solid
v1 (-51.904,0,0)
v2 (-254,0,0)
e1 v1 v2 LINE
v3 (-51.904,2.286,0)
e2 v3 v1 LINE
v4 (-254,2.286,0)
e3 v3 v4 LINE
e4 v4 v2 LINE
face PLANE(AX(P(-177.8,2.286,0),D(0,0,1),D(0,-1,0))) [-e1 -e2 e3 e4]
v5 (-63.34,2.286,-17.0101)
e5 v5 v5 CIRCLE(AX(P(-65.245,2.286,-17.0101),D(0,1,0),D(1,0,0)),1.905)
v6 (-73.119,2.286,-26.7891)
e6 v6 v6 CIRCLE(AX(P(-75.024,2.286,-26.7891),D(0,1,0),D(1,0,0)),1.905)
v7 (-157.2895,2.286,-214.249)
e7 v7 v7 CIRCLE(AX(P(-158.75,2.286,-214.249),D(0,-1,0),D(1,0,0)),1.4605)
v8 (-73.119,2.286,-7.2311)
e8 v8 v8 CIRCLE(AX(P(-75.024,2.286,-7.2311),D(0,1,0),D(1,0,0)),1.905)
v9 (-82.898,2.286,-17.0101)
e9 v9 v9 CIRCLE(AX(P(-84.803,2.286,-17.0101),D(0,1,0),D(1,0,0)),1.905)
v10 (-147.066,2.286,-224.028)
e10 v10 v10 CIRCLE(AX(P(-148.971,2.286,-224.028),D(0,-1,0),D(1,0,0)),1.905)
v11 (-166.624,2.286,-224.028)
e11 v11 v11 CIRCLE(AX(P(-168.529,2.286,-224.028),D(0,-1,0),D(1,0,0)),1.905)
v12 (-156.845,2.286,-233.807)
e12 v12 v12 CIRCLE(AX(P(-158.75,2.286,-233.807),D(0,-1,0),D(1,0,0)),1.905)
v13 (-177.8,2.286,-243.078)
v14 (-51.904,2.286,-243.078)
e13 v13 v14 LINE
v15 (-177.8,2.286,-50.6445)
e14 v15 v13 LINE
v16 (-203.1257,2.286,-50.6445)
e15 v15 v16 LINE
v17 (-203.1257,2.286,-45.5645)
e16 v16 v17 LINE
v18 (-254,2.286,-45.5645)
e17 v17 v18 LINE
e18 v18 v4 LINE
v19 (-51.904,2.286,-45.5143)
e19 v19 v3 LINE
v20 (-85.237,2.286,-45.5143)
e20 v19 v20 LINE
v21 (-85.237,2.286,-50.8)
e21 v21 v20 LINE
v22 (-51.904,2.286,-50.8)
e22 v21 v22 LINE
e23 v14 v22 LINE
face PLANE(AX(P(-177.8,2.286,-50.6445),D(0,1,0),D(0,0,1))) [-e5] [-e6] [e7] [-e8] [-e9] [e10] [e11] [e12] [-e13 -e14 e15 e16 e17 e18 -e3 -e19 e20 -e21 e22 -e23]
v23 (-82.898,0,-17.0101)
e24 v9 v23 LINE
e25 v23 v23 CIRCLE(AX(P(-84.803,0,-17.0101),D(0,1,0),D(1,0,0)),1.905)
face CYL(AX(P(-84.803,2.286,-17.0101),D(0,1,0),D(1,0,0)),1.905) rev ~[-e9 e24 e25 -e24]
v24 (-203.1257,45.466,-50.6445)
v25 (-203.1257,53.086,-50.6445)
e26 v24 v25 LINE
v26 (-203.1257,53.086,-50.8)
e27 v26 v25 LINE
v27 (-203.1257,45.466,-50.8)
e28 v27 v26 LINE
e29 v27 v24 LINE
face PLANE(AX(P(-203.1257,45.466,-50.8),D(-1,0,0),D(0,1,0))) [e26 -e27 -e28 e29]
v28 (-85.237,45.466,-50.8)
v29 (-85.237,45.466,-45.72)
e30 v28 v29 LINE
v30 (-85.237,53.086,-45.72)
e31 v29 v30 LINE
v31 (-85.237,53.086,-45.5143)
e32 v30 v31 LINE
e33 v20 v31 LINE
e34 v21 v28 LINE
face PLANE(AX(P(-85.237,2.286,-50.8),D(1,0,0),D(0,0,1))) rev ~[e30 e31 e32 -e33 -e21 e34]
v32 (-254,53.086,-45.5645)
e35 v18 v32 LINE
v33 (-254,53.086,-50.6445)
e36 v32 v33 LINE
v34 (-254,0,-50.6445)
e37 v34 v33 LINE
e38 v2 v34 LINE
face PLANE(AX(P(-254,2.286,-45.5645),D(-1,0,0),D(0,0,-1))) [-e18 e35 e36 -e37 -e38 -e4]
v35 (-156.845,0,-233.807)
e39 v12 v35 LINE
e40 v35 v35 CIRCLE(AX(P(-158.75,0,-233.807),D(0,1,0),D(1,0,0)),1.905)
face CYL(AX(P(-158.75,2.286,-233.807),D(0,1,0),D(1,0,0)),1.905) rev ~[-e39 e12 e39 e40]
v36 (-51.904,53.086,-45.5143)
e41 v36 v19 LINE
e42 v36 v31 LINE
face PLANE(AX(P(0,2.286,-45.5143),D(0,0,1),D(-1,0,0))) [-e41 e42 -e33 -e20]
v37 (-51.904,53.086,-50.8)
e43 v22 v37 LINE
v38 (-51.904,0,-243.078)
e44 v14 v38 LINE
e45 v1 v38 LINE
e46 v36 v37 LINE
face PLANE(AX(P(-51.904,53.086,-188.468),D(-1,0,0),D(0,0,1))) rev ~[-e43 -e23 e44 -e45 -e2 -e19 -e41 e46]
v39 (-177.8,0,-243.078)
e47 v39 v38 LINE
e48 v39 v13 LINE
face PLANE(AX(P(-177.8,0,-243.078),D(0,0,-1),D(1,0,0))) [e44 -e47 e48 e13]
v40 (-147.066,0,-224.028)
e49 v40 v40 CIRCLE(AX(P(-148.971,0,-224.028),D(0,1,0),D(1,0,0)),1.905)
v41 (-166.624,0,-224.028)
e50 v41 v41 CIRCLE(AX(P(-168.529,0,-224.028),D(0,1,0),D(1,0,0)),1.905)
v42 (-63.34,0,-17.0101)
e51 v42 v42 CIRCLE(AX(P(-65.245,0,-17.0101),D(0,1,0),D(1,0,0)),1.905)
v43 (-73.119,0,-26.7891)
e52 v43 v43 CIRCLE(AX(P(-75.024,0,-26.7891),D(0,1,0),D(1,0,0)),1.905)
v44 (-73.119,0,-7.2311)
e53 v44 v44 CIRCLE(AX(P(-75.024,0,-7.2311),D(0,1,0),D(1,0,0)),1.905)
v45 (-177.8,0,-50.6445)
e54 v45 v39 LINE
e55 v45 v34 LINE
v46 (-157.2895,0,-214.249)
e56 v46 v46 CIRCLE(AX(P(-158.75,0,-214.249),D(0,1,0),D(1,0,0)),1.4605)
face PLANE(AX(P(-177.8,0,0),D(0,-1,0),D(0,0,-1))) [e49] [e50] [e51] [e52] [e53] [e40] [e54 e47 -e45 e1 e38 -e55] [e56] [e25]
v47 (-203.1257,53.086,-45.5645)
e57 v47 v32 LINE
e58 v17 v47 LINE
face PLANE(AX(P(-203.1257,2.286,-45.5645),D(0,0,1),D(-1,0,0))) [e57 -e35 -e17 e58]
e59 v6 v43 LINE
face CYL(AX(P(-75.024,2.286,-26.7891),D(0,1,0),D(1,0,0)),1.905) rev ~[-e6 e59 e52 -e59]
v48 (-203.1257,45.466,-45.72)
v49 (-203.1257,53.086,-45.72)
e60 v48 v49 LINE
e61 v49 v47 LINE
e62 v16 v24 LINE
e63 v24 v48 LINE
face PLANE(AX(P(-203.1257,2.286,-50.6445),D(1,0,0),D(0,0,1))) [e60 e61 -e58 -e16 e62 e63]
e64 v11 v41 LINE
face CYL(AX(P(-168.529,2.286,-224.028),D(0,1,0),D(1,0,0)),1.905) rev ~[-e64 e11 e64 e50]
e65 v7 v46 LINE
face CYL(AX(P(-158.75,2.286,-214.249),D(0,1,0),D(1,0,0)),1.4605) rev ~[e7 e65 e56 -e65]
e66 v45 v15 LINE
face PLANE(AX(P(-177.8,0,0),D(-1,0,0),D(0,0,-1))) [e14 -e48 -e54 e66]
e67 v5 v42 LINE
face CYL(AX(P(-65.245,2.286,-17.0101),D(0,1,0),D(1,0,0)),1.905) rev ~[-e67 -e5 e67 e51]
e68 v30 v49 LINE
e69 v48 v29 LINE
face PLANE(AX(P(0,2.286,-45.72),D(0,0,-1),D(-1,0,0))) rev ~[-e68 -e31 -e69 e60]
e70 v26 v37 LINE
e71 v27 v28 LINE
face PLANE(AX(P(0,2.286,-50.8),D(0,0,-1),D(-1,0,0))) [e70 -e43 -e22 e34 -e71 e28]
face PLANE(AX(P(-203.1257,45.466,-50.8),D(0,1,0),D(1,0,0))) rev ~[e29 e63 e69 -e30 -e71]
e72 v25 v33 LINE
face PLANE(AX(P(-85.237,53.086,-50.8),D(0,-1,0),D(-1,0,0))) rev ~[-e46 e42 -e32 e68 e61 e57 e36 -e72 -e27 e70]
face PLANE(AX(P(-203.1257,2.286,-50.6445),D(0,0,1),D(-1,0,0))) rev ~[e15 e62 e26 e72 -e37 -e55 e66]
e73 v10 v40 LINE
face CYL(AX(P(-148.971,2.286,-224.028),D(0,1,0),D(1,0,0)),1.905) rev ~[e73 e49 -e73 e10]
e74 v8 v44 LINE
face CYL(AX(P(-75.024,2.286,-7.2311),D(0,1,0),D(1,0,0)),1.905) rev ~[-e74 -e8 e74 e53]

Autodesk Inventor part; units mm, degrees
ref_plane "YZ Plane" through (0, 0, 0) normal (1, 0, 0) x (0, 1, 0)
ref_plane "XZ Plane" through (0, 0, 0) normal (0, 1, 0) x (-1, 0, 0)
ref_plane "XY Plane" through (0, 0, 0) normal (0, 0, 1) x (1, 0, 0)
sketch "Sketch1" plane through (0, 0, 0) normal (0, 1, 0) x (-1, 0, 0)
  line L0 (0, 0) -> (177.8, 0)
  line L1 (177.8, 0) -> (177.8, -243.078)
  line L2 (177.8, -243.078) -> (0, -243.078)
  line L3 (0, -243.078) -> (0, 0)
  dimension "d0" = 243.078
  dimension "d1" = 177.8
extrude "Extrusion1" add sketch "Sketch1" along normal blind 2.286
sketch "Sketch2" plane through (0, 2.286, 0) normal (0, 1, 0) x (1, 0, 0)
  circle A0 centre (-75.024, 26.7891) radius 1.905
  circle A1 centre (-65.245, 17.0101) radius 1.905
  circle A2 centre (-75.024, 7.2311) radius 1.905
  circle A3 centre (-84.803, 17.0101) radius 1.905
  dimension "d7" = 3.81
  dimension "d8" = 3.81
  dimension "d9" = 3.81
  dimension "d10" = 3.81
extrude "Extrusion2" cut sketch "Sketch2" against normal blind 5.461
sketch "Sketch4" plane through (0, 2.286, 0) normal (0, 1, 0) x (1, 0, 0)
  line L0 (0, 0) -> (-177.8, 0)
  line L1 (-177.8, 0) -> (-177.8, 50.8)
  line L2 (-177.8, 50.8) -> (0, 50.8)
  line L3 (0, 50.8) -> (0, 45.5143)
  line L4 (0, 0) -> (0, 243.078) projected
  line L5 (0, 45.5143) -> (-177.8, 45.5143)
  line L6 (-85.237, 50.8) -> (-85.237, 45.5143)
  point P0 (0, 188.468)
  dimension "d16" = 50.8
extrude "Extrusion4" add sketch "Sketch4" along normal blind 50.8 contours L5 L6 L2 L3
sketch "Sketch6" plane through (-177.8, 0, -243.078) normal (-1, 0, 0) x (0, 0, 1)
  line L0 (243.078, 0) -> (0, 0) projected
  line L1 (0, 2.286) -> (243.078, 2.286) projected
  line L2 (243.078, 0) -> (192.4335, 0)
  line L3 (192.4335, 0) -> (192.4335, 2.286)
  line L4 (192.4335, 2.286) -> (243.078, 2.286)
  line L5 (243.078, 2.286) -> (243.078, 0)
  point P0 (3.81, 2.286)
  point P1 (243.078, 2.286)
  point P2 (192.4335, 0)
  dimension "d28" = 243.078
extrude "Extrusion6" add sketch "Sketch6" along normal blind 76.2
sketch "Sketch7" plane through (0, 2.286, 0) normal (0, 1, 0) x (1, 0, 0)
  line L0 (-177.8, 50.6445) -> (-254, 50.6445) projected
  line L1 (-254, 50.6445) -> (-203.1257, 50.6445)
  line L2 (-203.1257, 50.6445) -> (-203.1257, 45.5645)
  line L3 (-203.1257, 45.5645) -> (-254, 45.5645)
  line L4 (-254, 45.5645) -> (-254, 50.6445)
  point P0 (0, 0)
  dimension "d31" = 5.08
extrude "Extrusion7" add sketch "Sketch7" along normal blind 50.8
sketch "Sketch8" plane through (0, 2.286, -50.8) normal (0, 0, -1) x (-1, 0, 0)
  line L0 (0, 50.8) -> (85.237, 50.8) projected
  line L1 (203.1257, 0) -> (203.1257, 50.8) projected
  line L2 (85.237, 50.8) -> (203.1257, 50.8)
  line L3 (203.1257, 50.8) -> (203.1257, 43.18)
  line L4 (203.1257, 43.18) -> (85.237, 43.18)
  line L5 (85.237, 43.18) -> (85.237, 50.8)
  point P0 (0, -2.286)
  dimension "d34" = 50.8
  dimension "d35" = 7.62
extrude "Extrusion8" add sketch "Sketch8" against normal blind 5.08
sketch "Sketch10" plane through (0, 53.086, 0) normal (0, 1, 0) x (1, 0, 0)
  line L0 (0, 0) -> (-254, 0) projected
  line L1 (0, 188.468) -> (-177.8, 188.468) projected
  line L2 (-51.904, 0) -> (0, 0)
  line L3 (0, 0) -> (0, 188.468)
  line L4 (0, 188.468) -> (-51.904, 188.468)
  line L5 (-51.904, 188.468) -> (-51.904, 0)
  line L6 (0, 243.078) -> (-177.8, 243.078) projected
  line L7 (-51.904, 188.468) -> (0, 188.468)
  line L8 (0, 188.468) -> (0, 243.078)
  line L9 (0, 243.078) -> (-51.904, 243.078)
  line L10 (-51.904, 243.078) -> (-51.904, 188.468)
extrude "Extrusion9" cut sketch "Sketch10" against normal blind 87.3125
sketch "Sketch11" plane through (0, 2.286, 0) normal (0, 1, 0) x (1, 0, 0)
  line L0 (-177.8, 243.078) -> (-177.8, 50.6445) projected
  line L1 (-177.8, 243.078) -> (-139.7, 243.078)
  line L2 (-139.7, 243.078) -> (-139.7, 204.978)
  line L3 (-139.7, 204.978) -> (-177.8, 204.978)
  line L4 (-177.8, 204.978) -> (-177.8, 243.078)
  circle A0 centre (-158.75, 224.028) radius 9.779
  circle A1 centre (-168.529, 224.028) radius 1.905
  circle A2 centre (-158.75, 233.807) radius 1.905
  circle A3 centre (-158.75, 214.249) radius 1.4605
  circle A4 centre (-148.971, 224.028) radius 1.905
  point P0 (0, 0)
  dimension "d40" = 38.1
  dimension "d41" = 38.1
  dimension "d42" = 19.558
  dimension "d43" = 3.81
  dimension "d44" = 3.81
  dimension "d45" = 2.921
  dimension "d46" = 3.81
extrude "Extrusion10" cut sketch "Sketch11" against normal blind 25.4 contours A0 A4 | A0 A4 | A2 A0 | A0 A2 | A3 A0 | A0 A3 | A1 A0 | A0 A1
properties part number "Plate"
